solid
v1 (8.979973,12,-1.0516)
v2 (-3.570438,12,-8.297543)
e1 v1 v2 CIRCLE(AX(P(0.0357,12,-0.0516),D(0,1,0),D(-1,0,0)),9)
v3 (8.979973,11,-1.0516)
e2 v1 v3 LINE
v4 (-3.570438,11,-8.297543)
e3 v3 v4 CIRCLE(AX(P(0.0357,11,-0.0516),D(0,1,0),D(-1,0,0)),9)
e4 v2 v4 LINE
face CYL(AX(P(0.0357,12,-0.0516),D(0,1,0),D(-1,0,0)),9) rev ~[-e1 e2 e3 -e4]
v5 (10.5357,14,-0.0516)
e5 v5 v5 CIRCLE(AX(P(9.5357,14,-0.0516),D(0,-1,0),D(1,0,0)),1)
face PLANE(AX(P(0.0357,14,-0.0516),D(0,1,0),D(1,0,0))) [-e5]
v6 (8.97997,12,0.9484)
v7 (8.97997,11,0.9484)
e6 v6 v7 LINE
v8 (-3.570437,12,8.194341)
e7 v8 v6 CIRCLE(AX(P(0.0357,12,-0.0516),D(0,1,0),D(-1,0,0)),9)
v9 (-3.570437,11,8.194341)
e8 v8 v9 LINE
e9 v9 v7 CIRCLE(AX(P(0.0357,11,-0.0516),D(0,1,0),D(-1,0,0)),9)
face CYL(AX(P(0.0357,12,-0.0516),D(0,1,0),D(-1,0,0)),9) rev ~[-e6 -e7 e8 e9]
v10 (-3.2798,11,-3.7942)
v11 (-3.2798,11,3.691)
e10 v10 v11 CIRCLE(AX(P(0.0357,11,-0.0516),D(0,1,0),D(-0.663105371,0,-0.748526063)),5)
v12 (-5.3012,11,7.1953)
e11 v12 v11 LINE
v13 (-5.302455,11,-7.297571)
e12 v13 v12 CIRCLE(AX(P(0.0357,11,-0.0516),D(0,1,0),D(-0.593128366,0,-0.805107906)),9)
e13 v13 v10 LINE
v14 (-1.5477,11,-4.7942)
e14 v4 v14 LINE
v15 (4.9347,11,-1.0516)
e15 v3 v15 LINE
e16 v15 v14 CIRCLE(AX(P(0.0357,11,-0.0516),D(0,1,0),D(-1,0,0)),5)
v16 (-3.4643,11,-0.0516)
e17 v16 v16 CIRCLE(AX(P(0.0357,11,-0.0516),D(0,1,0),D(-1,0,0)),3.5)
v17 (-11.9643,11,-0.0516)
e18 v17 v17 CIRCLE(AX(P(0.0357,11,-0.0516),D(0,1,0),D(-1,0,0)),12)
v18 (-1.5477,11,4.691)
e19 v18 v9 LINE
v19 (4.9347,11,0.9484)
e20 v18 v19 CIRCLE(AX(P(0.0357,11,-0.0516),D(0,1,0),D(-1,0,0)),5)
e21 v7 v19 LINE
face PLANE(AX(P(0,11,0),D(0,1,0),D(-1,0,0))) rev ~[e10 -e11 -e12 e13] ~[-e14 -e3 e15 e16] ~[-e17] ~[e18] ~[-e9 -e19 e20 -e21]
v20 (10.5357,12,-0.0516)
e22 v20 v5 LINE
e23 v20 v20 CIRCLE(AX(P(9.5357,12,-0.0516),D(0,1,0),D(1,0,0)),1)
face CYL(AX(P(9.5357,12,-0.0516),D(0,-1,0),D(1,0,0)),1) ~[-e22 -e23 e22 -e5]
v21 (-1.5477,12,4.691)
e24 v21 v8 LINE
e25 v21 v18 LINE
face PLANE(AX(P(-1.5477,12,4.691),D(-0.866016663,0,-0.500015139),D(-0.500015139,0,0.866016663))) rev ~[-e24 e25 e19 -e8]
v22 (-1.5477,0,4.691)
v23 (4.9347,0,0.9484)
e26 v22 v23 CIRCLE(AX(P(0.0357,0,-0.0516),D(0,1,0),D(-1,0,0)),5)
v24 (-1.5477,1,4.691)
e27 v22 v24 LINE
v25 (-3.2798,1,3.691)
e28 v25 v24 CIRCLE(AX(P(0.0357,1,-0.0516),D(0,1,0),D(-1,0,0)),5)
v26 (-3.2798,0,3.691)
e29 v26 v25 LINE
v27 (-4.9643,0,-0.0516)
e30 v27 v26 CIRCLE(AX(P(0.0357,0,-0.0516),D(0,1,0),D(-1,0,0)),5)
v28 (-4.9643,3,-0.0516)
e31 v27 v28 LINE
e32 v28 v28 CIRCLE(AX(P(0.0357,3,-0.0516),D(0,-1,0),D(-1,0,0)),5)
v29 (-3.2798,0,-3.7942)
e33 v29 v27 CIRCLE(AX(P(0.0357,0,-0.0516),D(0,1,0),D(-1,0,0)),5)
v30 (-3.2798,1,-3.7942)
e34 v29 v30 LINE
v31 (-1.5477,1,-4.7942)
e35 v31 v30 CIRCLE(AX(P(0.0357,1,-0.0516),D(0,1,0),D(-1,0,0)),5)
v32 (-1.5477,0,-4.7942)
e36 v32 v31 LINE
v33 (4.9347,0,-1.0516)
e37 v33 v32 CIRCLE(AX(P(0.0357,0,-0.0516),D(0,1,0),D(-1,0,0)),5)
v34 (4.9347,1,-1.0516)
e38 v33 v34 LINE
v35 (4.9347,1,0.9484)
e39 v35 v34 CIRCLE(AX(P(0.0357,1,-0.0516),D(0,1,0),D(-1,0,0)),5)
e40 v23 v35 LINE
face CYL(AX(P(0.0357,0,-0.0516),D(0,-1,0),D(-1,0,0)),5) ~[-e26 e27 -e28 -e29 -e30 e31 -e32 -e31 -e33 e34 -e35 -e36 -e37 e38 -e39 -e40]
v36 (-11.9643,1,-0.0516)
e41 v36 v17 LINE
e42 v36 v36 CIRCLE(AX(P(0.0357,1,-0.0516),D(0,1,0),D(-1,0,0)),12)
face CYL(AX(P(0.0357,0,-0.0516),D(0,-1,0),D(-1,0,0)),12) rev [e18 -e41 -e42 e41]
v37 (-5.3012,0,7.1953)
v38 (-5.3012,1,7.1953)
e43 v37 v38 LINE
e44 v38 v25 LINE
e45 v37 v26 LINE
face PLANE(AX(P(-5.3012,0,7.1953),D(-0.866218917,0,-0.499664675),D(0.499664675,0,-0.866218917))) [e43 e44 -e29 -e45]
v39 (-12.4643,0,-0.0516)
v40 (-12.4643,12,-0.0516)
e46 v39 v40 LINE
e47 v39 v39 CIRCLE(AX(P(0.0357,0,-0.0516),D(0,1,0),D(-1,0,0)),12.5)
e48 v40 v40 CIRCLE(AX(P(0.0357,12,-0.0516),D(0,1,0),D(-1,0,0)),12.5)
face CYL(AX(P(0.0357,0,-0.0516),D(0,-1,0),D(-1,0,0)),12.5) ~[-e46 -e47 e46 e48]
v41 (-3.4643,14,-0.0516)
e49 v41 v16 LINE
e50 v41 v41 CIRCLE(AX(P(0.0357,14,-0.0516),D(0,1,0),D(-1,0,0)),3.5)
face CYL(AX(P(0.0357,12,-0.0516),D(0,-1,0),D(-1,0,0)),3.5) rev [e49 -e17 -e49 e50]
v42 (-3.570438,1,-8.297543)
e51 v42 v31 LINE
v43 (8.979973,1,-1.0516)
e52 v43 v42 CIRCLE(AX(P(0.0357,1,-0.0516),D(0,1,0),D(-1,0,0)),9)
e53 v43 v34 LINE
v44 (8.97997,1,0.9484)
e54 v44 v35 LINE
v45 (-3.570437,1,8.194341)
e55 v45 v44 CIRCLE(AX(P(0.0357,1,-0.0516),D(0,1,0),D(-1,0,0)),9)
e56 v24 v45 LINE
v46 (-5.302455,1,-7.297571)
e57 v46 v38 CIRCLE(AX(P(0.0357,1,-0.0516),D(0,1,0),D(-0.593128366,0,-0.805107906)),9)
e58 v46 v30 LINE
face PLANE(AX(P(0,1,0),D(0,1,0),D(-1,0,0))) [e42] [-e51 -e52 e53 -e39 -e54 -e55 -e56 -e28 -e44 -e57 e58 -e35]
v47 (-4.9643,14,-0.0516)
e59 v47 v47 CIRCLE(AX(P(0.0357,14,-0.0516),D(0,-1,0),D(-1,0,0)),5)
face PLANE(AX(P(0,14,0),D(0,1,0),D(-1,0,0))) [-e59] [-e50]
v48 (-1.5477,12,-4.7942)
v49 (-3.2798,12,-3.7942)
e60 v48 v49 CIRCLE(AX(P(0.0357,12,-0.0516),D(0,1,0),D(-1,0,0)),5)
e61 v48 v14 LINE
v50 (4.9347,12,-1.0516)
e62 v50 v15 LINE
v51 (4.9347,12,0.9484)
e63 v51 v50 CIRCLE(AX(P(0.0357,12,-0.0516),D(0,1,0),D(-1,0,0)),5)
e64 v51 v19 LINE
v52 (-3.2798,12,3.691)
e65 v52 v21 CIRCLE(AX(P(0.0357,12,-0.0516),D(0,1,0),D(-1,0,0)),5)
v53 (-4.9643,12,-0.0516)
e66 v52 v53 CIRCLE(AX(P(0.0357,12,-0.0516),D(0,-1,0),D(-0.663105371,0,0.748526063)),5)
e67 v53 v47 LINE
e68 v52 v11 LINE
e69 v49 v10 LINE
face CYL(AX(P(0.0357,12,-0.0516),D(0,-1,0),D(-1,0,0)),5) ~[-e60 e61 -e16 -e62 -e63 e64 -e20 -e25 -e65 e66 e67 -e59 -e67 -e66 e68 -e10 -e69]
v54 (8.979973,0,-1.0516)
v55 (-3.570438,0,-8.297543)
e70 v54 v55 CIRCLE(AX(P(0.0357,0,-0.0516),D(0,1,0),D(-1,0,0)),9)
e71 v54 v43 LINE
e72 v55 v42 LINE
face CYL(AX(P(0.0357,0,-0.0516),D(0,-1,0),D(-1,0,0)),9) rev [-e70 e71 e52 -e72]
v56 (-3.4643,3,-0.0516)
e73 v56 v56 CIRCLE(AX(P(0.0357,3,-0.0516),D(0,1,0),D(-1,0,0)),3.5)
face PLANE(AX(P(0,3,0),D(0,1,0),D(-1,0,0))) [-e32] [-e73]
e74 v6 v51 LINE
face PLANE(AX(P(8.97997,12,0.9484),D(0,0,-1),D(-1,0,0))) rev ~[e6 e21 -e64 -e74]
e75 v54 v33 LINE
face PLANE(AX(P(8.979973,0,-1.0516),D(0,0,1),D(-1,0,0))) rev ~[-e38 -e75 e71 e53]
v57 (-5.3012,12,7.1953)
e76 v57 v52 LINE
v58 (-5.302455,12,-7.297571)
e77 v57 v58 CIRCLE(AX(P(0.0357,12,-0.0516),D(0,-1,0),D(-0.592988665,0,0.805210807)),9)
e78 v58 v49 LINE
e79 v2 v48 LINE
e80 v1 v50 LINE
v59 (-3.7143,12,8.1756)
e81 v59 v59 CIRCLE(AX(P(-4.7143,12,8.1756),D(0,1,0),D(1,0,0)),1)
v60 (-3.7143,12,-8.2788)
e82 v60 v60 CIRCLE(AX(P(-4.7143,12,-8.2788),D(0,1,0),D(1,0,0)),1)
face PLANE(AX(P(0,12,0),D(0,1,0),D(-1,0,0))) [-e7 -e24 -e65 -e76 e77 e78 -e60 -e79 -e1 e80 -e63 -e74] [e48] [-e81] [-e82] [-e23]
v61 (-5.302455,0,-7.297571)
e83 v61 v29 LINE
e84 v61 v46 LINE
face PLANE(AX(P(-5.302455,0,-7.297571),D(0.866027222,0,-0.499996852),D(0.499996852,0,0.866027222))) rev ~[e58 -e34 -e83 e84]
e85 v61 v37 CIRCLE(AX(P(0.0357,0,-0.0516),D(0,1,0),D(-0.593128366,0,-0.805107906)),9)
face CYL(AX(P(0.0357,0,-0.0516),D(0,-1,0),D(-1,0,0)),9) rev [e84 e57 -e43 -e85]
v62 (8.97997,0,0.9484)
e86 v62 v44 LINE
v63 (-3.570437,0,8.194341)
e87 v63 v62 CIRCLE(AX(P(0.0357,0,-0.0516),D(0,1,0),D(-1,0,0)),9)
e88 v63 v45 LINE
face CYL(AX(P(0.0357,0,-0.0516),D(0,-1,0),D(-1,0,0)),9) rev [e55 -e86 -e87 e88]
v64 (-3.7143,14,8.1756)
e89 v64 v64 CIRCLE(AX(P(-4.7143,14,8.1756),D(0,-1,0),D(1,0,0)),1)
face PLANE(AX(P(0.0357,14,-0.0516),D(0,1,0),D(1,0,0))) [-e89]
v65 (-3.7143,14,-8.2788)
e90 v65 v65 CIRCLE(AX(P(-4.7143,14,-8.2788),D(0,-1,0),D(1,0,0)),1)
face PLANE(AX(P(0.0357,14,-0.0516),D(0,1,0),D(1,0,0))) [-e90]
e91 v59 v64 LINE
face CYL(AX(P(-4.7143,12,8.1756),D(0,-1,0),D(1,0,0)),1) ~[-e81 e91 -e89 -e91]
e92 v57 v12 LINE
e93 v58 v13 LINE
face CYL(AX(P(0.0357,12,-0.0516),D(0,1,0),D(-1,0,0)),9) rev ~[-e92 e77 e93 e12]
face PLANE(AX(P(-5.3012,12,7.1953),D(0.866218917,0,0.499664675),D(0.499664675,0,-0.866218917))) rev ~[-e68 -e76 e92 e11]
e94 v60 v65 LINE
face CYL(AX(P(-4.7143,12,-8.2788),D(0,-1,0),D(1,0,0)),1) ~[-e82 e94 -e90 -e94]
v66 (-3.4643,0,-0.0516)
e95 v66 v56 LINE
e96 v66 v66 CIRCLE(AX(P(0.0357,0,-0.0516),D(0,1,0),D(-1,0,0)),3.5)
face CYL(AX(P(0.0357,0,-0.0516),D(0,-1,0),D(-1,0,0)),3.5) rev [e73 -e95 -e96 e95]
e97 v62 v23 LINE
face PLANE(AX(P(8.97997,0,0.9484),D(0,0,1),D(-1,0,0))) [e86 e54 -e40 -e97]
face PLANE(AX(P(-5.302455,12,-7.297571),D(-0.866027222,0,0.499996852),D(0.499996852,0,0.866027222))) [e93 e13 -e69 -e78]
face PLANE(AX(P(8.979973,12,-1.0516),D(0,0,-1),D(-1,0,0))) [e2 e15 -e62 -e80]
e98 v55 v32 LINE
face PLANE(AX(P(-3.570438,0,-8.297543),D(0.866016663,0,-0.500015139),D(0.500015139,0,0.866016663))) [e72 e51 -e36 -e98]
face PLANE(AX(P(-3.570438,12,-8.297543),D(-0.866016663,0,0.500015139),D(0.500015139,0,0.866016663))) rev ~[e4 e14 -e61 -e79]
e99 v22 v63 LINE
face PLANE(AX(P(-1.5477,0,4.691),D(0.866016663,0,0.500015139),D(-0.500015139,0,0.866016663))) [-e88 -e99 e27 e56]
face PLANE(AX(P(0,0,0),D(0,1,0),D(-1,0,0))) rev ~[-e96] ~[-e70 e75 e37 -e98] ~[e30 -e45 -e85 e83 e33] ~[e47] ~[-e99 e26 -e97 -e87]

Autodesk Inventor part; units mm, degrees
ref_plane "YZ Plane" through (0, 0, 0) normal (1, 0, 0) x (0, 1, 0)
ref_plane "XZ Plane" through (0, 0, 0) normal (0, 1, 0) x (-1, 0, 0)
ref_plane "XY Plane" through (0, 0, 0) normal (0, 0, 1) x (1, 0, 0)
sketch "スケッチ1" plane through (0, 0, 0) normal (0, 1, 0) x (-1, 0, 0)
  circle A0 centre (-0.0357, -0.0516) radius 12.5
  circle A1 centre (-0.0357, -0.0516) radius 5
  circle A2 centre (-0.0357, -0.0516) radius 3.5
  circle A3 centre (-0.0357, -0.0516) radius 9
  arc A4 (-9.0357, -0.0516) -> (4.4643, -7.8458) centre (-0.0357, -0.0516) ccw
  line L0 (-0.0357, -0.0516) -> (4.4643, -7.8458) construction
  line L1 (-0.0357, -0.0516) -> (-9.0357, -0.0516) construction
  arc A5 (4.4643, 7.7426) -> (-9.0357, -0.0516) centre (-0.0357, -0.0516) ccw
  line L2 (-0.0357, -0.0516) -> (4.4643, 7.7426) construction
  line L3 (-0.0357, -0.0516) -> (-9.0357, -0.0516) construction
  line L4 (-9.0357, -0.0516) -> (-9.0357, 0.9484)
  line L5 (-9.0357, -0.0516) -> (-8.0357, -0.0516) construction
  line L6 (-9.0357, 0.9484) -> (-4.9347, 0.9484)
  line L7 (-9.0357, -0.0516) -> (-9.0357, -1.0516)
  line L8 (-9.0357, -0.0516) -> (-8.0357, -0.0516) construction
  line L9 (-9.0357, -1.0516) -> (-4.9347, -1.0516)
  line L10 (4.4643, 7.7426) -> (3.5983, 8.2426)
  line L11 (4.4643, 7.7426) -> (5.4643, 7.7426) construction
  line L12 (1.5477, 4.691) -> (3.5983, 8.2426)
  line L13 (4.4643, 7.7426) -> (5.3012, 7.1953)
  line L14 (5.3012, 7.1953) -> (3.2798, 3.691)
  line L15 (4.4643, -7.8458) -> (3.5983, -8.3458)
  line L16 (4.4643, -7.8458) -> (5.4643, -7.8458) construction
  line L17 (3.5983, -8.3458) -> (1.5477, -4.7942)
  line L18 (4.4643, -7.8458) -> (5.3303, -7.3458)
  line L19 (4.4643, -7.8458) -> (5.4643, -7.8458) construction
  line L20 (5.3303, -7.3458) -> (3.2798, -3.7942)
  circle A6 centre (-0.0357, -0.0516) radius 12
  point P0 (0, 0)
  point P1 (-9.0357, -0.0516)
  point P2 (3.5704, -8.2976)
  point P3 (-8.98, -1.0516)
  point P4 (-8.98, 0.9484)
  point P5 (3.5704, 8.1944)
  point P6 (5.3024, -7.2976)
  dimension "d1" = 25
  dimension "d2" = 10
  dimension "d3" = 7
  dimension "d4" = 18
  dimension "d5" = 120
  dimension "d6" = 120
  dimension "d7" = 1
  dimension "d8" = 90
  dimension "d9" = 1
  dimension "d10" = 90
  dimension "d11" = 1
  dimension "d12" = 150
  dimension "d13" = 1
  dimension "d14" = 1
  dimension "d15" = 150
  dimension "d16" = 1
  dimension "d17" = 30
  dimension "d18" = 24
extrude "押し出し1" add sketch "スケッチ1" along normal blind 12 contours A0
extrude "押し出し2" add sketch "スケッチ1" along normal blind 1 contours A1 L12 A3 L13 L14 | L20 A3 L17 A1 | L13 A3 | L20 L18 A3 | A1 L9 A3 L6 | L12 L10 A3 | A3 L15 L17 | A3 L4 L6 | L9 L7 A3 | A6
extrude "押し出し3" add sketch "スケッチ1" along normal blind 3 contours A1
extrude "押し出し4" add sketch "スケッチ1" against normal blind 1 from surface at 12 contours A1 | A1 L12 A3 L13 L14 | L20 A3 L17 A1 | L13 A3 | L20 L18 A3 | A1 L9 A3 L6 | L12 L10 A3 | A3 L15 L17 | A3 L4 L6 | L9 L7 A3 | A6
extrude "押し出し5" add sketch "スケッチ1" along normal blind 2 from surface at 12 contours A1
sketch "スケッチ2" plane through (0.0357, 12, -0.0516) normal (0, 1, 0) x (1, 0, 0)
  circle A0 centre (0, 0) radius 9.5
  arc A1 (-4.75, -8.2272) -> (9.5, 0) centre (0, 0) ccw
  line L0 (0, 0) -> (-4.75, -8.2272) construction
  line L1 (0, 0) -> (9.5, 0) construction
  arc A2 (9.5, 0) -> (-4.75, 8.2272) centre (0, 0) ccw
  line L2 (0, 0) -> (-4.75, 8.2272) construction
  line L3 (0, 0) -> (9.5, 0) construction
  circle A3 centre (9.5, 0) radius 1
  circle A4 centre (-4.75, -8.2272) radius 1
  circle A5 centre (-4.75, 8.2272) radius 1
  point P0 (-0.0357, -0.0516)
  dimension "d29" = 19
  dimension "d30" = 120
  dimension "d31" = 120
  dimension "d32" = 2
  dimension "d33" = 2
  dimension "d34" = 2
extrude "押し出し6" add sketch "スケッチ2" along normal blind 2 contours A0 A3 | A0 A3 | A5 A0 | A0 A5 | A4 A0 | A0 A4
equation "\"BendRadius\" = Thickness"
equation "\"BendReliefWidth\" = Thickness"
equation "\"BendReliefDepth\" = 0.5 * Thickness"
equation "\"CornerReliefSize\" = 4 * Thickness"
equation "\"MinimumRemnant\" = 2 * Thickness"
equation "\"TransitionRadius\" = BendRadius"
equation "\"JacobiRadiusSize\" = BendRadius"
equation "\"GapSize\" = Thickness"
equation "\"Thickness\" = 0.5"
properties part number "RobTrace_Wheel" material "ABS プラスチック"
